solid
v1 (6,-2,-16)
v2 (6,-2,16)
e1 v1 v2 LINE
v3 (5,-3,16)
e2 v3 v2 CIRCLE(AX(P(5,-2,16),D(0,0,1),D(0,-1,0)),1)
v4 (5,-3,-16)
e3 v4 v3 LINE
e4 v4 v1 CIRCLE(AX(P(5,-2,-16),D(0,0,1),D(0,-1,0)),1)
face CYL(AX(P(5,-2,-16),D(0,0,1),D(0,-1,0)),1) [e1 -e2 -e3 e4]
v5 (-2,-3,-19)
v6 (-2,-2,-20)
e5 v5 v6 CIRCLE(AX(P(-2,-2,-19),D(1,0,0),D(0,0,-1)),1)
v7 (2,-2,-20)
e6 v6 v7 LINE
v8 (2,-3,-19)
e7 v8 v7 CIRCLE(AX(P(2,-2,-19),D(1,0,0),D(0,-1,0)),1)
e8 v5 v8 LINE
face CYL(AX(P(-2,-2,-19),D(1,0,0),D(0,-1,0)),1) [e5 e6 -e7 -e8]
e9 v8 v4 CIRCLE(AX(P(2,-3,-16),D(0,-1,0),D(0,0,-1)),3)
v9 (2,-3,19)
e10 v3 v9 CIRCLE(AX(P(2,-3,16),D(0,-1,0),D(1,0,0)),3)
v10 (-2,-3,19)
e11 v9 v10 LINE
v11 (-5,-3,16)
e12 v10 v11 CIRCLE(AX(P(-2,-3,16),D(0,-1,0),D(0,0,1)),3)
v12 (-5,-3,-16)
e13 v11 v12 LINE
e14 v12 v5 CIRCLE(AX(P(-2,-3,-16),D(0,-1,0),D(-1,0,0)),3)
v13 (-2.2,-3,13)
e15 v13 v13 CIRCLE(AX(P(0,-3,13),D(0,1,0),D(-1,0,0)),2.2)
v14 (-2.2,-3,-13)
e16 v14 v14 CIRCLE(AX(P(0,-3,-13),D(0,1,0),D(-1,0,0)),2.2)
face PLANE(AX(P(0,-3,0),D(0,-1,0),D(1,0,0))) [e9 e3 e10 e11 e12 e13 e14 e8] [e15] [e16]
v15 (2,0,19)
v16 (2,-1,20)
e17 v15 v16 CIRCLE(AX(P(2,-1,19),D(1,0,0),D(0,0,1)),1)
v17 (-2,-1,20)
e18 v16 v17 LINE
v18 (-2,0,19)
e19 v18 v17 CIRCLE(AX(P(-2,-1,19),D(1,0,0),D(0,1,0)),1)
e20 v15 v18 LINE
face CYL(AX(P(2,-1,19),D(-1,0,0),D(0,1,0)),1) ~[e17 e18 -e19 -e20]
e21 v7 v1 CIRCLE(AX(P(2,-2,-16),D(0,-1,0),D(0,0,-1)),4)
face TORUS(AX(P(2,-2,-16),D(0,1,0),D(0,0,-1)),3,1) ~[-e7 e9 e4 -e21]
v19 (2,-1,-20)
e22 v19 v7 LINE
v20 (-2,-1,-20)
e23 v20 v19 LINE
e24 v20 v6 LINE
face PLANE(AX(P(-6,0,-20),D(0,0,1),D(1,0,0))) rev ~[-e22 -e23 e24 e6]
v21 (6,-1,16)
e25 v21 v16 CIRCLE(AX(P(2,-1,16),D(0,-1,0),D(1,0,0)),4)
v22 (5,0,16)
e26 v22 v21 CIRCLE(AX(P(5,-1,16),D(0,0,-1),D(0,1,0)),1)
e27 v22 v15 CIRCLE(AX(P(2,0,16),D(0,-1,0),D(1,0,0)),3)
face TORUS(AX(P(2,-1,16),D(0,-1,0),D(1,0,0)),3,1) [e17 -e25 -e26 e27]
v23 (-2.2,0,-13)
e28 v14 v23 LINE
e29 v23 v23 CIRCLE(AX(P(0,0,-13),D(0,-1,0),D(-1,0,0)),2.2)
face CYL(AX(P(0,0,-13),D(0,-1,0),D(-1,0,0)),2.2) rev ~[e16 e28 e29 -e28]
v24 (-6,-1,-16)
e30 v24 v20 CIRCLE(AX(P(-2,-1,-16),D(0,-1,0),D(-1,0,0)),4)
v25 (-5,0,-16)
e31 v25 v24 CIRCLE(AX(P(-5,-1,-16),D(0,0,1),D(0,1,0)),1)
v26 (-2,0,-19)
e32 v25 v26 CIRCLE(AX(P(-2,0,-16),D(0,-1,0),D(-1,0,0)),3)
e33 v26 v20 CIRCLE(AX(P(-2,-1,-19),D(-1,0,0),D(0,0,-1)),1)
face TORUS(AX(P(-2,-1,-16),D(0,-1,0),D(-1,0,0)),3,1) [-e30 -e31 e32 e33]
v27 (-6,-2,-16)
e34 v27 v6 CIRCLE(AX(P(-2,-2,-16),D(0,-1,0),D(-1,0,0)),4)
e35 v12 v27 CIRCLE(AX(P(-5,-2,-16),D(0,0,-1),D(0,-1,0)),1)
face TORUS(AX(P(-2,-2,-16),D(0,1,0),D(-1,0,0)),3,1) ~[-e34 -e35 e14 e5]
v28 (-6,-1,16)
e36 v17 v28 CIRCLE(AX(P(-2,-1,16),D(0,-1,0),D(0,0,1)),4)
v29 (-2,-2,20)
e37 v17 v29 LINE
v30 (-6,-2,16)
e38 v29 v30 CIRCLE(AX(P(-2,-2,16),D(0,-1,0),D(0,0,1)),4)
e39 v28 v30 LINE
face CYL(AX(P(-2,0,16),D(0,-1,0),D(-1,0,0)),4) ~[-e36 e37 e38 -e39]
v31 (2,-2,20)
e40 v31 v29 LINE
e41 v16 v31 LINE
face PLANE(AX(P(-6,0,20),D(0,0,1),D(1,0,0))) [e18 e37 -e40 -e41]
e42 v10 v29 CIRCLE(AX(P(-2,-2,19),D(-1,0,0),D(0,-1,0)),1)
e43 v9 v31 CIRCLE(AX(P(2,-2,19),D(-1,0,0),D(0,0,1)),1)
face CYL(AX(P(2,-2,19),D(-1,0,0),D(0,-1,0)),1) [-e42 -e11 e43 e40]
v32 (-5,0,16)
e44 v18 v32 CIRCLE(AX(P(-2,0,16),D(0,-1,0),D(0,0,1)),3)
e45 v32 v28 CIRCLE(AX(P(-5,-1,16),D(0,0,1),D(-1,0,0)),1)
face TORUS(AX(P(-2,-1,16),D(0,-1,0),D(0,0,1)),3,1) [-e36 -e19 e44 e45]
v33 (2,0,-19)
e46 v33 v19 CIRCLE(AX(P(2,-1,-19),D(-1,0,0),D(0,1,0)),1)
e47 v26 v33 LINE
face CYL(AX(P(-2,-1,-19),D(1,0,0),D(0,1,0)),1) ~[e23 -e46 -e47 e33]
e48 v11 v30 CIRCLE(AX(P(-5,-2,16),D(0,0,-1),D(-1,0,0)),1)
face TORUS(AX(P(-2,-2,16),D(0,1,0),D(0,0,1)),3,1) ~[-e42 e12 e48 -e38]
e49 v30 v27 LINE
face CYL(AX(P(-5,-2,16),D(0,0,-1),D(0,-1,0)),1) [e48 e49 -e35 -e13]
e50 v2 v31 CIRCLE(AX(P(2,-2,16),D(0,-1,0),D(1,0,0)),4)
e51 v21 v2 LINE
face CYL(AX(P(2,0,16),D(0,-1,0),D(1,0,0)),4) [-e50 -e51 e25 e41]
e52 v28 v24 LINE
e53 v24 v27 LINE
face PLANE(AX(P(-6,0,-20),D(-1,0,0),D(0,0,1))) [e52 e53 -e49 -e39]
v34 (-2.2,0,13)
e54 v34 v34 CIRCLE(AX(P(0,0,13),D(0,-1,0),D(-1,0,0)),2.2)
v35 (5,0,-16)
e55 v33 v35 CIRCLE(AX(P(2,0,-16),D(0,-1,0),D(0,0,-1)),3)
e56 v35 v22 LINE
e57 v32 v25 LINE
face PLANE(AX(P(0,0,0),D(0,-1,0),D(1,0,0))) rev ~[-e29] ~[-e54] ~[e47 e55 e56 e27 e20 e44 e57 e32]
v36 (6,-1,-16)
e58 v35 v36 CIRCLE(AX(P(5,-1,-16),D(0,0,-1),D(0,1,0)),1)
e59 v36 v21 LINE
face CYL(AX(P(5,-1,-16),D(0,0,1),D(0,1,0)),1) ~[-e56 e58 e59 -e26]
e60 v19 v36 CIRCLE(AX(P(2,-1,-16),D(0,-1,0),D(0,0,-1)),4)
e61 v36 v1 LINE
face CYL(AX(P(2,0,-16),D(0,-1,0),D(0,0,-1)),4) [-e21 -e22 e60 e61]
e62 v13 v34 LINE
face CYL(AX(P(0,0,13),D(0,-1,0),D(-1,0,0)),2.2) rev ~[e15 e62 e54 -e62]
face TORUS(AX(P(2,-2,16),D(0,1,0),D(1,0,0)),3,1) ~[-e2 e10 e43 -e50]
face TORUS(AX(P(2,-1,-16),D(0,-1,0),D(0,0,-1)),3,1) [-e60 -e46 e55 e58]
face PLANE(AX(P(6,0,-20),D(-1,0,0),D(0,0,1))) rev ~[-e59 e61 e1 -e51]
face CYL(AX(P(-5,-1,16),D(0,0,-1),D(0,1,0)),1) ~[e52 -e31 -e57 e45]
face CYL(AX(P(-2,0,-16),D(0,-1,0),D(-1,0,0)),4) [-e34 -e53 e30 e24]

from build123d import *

# Parameters (mm, degrees)
F0_W           = 12
F0_H           = 40
F1_DEPTH       = 3
F2_R           = 4
F3_R           = 1
F5_D           = 4.4
F5_DEPTH       = 30
F5_CBORE_D     = 4.4
F5_CBORE_DEPTH = 4


with BuildPart() as f1:
    # F0 (on Front) → F1 (new body)
    with BuildSketch(Plane.XZ):
        Rectangle(F0_W, F0_H)
    extrude(amount=F1_DEPTH)

    # F2
    f2_edges = [f1.edges().sort_by_distance(p)[0] for p in [
        (6, -1.5, 20),
        (-6, -1.5, 20),
        (6, -1.5, -20),
        (-6, -1.5, -20),
    ]]
    fillet(f2_edges, radius=F2_R)

    # F3
    f3_edges = [f1.edges().sort_by_distance(p)[0] for p in [
        (6, -3, 0),
        (6, 0, 0),
        (-6, 0, 0),
        (-6, -3, 0),
    ]]
    fillet(f3_edges, radius=F3_R)

    # F5
    with Locations(Plane(origin=(0, 0, 0), x_dir=(1, 0, 0), z_dir=(0, 1, 0))):
        with Locations((0, 13), (0, -13)):
            CounterBoreHole(F5_D / 2, F5_CBORE_D / 2, F5_CBORE_DEPTH, depth=F5_DEPTH)


solid = f1.part
